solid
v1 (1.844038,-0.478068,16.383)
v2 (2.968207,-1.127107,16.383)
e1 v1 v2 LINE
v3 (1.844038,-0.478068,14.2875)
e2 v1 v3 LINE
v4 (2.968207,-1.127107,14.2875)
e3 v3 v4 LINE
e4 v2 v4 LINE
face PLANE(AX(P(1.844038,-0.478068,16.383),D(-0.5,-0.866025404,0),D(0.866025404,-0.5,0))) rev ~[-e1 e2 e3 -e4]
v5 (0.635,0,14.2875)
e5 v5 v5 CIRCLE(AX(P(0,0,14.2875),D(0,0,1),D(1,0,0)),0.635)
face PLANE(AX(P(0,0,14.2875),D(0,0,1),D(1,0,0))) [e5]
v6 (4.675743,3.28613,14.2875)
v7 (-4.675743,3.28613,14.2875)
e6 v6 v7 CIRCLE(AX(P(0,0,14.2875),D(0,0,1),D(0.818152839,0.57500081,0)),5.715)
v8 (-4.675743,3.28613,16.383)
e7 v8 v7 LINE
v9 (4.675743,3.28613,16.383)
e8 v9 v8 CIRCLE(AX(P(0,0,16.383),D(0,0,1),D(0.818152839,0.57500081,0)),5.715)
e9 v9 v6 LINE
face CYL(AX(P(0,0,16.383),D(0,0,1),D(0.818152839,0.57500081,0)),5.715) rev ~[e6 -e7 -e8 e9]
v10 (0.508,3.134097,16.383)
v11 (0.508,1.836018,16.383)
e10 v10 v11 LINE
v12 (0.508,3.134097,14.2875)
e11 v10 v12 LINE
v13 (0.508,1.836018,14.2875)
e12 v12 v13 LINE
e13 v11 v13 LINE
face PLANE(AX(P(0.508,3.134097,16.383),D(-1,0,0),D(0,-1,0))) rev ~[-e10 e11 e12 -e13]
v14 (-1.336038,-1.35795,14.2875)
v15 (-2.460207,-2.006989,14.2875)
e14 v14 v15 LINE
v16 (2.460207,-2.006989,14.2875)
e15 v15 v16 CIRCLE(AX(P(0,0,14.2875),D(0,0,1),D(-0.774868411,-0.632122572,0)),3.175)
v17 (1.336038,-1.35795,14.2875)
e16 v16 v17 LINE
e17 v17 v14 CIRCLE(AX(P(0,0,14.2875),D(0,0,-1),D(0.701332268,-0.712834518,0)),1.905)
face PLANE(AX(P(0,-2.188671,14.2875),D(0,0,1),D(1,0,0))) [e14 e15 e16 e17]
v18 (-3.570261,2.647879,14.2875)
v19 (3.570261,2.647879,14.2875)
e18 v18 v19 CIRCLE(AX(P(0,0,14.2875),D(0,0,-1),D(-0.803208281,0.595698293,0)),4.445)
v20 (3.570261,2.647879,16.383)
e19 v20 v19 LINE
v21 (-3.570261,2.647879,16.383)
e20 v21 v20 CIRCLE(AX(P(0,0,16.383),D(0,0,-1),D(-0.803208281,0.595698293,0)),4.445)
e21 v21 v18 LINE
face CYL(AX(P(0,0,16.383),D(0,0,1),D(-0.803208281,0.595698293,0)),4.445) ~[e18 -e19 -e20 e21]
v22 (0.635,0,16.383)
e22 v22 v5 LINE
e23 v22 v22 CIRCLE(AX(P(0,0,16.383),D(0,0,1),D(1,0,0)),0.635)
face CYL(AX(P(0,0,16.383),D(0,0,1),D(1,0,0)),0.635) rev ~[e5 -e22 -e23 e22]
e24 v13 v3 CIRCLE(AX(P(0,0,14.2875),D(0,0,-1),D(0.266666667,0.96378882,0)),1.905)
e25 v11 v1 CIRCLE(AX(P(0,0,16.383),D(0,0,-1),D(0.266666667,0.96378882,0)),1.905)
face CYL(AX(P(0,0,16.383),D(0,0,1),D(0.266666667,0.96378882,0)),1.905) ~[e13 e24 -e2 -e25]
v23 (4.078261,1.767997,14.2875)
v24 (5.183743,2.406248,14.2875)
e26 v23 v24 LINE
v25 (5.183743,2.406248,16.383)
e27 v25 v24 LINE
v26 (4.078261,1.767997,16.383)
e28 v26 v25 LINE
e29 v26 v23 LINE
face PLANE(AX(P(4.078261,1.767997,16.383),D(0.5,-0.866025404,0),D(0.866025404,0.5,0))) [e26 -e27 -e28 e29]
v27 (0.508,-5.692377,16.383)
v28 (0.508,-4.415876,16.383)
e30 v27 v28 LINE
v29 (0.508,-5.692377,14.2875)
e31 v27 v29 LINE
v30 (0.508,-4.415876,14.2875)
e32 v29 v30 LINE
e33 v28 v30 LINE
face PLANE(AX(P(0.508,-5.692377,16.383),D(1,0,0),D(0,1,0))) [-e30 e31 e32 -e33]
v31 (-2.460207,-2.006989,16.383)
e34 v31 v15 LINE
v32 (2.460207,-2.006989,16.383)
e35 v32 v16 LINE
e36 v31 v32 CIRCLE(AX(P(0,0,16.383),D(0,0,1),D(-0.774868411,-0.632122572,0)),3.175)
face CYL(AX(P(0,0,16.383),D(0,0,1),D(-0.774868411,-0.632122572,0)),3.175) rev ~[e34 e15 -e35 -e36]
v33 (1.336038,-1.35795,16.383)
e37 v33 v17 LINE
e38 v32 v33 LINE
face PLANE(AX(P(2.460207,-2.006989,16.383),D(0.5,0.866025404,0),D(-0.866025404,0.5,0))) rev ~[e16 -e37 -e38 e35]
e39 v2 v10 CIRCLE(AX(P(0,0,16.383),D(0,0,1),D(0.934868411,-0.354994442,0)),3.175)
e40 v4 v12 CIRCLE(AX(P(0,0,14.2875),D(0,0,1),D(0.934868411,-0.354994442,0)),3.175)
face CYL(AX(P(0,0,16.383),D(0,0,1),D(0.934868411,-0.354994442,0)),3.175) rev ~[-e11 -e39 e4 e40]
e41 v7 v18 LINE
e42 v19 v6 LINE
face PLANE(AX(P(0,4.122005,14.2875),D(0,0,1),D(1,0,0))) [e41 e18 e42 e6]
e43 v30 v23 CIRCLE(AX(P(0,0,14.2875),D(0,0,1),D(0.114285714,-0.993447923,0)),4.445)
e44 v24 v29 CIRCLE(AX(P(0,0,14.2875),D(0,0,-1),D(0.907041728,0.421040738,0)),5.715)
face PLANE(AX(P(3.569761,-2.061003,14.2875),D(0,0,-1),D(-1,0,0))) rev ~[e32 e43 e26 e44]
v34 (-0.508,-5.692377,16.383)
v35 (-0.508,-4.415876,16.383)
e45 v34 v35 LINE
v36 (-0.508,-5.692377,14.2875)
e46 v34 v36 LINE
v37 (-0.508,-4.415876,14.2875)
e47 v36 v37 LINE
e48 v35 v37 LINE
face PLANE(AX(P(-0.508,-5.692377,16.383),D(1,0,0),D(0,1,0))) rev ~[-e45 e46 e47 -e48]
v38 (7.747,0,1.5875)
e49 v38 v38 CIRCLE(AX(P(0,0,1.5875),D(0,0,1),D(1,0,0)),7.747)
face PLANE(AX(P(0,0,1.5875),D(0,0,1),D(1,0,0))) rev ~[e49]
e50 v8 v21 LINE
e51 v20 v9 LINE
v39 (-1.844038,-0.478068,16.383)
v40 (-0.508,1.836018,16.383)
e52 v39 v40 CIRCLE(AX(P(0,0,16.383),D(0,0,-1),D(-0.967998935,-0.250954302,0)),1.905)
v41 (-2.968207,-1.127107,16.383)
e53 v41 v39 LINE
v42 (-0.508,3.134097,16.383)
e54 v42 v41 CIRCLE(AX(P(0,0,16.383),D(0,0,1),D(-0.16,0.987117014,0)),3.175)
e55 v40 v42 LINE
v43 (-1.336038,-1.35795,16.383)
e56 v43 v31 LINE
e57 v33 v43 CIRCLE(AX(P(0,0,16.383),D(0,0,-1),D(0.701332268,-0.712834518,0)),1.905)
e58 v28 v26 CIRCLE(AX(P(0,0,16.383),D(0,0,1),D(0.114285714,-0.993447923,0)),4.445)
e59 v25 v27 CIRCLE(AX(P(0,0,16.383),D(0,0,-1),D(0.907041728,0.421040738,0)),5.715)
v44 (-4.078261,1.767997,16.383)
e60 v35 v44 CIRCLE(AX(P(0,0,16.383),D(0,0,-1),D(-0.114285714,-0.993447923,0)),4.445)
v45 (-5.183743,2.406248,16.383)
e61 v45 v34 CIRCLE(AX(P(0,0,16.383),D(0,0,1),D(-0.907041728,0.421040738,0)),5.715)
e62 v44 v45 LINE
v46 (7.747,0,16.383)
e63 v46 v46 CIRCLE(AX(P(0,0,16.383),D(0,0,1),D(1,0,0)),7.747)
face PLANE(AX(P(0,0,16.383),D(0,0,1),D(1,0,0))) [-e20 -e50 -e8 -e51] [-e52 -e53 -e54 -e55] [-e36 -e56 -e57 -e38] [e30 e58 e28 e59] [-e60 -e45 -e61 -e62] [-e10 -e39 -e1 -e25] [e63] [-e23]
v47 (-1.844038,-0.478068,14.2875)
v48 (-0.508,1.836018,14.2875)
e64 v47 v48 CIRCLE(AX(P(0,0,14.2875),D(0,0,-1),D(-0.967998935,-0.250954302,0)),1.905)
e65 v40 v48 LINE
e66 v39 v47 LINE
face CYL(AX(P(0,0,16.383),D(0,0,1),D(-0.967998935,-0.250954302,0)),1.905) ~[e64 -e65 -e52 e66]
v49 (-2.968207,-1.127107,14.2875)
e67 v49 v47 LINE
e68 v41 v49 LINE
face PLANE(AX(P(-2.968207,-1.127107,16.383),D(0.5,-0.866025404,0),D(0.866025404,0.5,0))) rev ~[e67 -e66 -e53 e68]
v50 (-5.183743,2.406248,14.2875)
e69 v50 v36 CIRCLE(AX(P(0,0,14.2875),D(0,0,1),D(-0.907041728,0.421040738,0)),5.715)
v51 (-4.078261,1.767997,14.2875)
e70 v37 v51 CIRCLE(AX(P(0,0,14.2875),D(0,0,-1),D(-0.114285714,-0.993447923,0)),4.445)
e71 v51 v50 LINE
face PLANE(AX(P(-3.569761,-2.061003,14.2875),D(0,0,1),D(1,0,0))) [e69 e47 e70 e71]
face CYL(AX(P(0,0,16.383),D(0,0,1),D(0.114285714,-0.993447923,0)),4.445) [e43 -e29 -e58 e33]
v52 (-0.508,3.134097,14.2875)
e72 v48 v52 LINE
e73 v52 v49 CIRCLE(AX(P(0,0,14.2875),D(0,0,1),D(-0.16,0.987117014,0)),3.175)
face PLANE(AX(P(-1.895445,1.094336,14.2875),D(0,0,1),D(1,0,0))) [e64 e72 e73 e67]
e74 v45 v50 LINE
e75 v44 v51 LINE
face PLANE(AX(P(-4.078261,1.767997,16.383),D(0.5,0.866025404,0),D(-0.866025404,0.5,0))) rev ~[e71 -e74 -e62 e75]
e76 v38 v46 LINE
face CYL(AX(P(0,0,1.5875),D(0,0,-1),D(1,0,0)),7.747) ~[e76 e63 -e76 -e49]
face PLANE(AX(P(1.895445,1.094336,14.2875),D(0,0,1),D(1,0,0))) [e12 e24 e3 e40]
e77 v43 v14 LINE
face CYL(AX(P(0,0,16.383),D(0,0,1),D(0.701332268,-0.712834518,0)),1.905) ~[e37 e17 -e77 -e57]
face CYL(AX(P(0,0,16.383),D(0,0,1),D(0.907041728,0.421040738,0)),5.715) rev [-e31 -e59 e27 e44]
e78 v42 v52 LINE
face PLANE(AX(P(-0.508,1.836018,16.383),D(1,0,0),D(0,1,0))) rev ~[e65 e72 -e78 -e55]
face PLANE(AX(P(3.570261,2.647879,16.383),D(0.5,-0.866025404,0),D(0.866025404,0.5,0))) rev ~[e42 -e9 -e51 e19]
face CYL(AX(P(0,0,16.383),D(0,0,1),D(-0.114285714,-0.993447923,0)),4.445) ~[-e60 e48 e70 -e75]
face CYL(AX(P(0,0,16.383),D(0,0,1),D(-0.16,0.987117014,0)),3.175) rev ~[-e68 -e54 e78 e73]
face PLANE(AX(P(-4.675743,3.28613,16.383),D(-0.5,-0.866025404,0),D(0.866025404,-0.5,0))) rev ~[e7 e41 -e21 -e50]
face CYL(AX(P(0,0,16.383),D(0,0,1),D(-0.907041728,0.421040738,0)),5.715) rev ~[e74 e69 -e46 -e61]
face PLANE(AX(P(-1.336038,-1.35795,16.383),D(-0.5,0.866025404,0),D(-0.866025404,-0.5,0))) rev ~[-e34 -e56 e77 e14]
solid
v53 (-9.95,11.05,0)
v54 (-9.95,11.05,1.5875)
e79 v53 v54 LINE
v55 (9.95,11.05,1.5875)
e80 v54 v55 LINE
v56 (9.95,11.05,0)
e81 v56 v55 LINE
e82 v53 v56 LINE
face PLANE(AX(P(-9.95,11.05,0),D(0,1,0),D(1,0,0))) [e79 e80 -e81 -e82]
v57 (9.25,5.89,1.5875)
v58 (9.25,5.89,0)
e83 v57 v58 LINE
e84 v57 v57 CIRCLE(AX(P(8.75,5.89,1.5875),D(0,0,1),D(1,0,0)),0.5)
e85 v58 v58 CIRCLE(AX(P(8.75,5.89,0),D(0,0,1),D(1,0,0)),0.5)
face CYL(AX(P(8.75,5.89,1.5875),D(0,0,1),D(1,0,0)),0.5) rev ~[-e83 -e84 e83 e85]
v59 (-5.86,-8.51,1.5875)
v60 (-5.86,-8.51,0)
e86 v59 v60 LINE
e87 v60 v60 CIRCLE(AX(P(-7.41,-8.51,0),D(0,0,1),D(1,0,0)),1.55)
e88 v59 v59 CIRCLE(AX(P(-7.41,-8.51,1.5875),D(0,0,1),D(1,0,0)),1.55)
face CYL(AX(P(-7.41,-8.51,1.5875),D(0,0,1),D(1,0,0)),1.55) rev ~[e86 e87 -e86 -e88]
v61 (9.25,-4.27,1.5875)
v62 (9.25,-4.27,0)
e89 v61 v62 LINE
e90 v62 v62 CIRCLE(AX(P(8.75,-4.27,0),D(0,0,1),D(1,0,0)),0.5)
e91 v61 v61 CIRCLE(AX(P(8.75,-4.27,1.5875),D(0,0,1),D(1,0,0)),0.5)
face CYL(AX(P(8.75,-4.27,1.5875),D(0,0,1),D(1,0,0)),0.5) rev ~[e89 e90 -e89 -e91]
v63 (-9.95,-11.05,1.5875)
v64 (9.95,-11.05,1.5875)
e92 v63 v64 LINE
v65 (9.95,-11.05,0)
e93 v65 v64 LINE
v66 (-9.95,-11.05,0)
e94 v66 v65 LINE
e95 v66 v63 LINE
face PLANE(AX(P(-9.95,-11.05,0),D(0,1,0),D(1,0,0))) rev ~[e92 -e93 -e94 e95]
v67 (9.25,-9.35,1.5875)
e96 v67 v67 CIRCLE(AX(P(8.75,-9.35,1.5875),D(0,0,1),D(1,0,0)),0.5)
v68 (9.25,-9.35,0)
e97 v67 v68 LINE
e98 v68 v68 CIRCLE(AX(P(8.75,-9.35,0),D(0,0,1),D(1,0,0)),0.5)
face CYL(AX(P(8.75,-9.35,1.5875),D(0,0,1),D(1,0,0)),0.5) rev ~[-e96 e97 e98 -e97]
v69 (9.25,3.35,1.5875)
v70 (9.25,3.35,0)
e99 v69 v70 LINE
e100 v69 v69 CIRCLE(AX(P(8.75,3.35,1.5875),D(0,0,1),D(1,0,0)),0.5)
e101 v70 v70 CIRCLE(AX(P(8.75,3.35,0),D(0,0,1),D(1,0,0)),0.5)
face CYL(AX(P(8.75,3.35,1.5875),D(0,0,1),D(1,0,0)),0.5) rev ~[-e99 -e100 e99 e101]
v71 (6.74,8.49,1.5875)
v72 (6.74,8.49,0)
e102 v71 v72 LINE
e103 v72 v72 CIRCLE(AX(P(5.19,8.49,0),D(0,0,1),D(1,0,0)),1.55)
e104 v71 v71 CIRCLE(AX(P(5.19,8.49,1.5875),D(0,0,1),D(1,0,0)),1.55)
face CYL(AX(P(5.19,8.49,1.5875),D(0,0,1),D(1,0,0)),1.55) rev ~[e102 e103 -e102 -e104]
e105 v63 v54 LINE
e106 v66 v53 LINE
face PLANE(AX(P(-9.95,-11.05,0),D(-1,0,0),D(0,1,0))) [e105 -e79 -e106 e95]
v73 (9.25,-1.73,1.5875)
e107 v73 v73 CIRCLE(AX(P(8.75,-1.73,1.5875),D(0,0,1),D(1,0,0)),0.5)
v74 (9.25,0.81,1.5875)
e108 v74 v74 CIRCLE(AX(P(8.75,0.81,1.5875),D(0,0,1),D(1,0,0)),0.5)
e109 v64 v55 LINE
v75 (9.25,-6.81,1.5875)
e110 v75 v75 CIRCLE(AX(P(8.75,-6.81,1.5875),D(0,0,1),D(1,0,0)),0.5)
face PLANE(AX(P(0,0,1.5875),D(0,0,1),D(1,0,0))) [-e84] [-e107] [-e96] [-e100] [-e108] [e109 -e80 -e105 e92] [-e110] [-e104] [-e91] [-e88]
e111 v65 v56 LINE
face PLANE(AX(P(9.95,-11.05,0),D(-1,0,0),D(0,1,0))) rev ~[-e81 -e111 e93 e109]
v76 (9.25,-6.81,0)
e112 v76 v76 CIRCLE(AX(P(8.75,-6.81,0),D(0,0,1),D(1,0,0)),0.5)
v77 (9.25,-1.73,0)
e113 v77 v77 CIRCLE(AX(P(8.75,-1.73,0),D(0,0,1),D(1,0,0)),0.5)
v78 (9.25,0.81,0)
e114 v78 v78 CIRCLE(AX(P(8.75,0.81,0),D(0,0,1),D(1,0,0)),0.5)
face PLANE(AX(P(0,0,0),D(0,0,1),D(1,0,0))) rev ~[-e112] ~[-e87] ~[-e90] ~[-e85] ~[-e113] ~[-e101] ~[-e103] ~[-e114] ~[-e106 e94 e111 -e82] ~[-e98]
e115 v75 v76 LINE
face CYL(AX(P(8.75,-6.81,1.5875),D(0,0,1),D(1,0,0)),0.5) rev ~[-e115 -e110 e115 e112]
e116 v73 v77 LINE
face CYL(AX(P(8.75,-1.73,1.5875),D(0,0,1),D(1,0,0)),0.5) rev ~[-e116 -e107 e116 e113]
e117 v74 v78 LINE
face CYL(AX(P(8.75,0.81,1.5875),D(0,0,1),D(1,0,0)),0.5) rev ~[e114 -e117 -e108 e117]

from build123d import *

# Parameters (mm, degrees)
SKETCH1_W          = 19.9
SKETCH1_H          = 22.1
EXTRUDE1_DEPTH     = 1.5875
SKETCH2_R          = 7.747
EXTRUDE2_DEPTH     = 14.7955
SKETCH3_R          = 0.635
EXTRUDE3_DEPTH     = 2.0955
SKETCH5_R          = 1.55
CUT_EXTRUDE1_DEPTH = 2.5875
SKETCH6_R          = 0.5
CUT_EXTRUDE2_DEPTH = 2.5875


with BuildPart() as part:
    # Sketch1 → Extrude1 (new body)
    with BuildSketch(Plane.XY):
        Rectangle(SKETCH1_W, SKETCH1_H)
    extrude(amount=EXTRUDE1_DEPTH)

    # Sketch5 → Cut-Extrude1 (cut, through all)
    with BuildSketch(Plane.XY.offset(1.5875)):
        with Locations((5.19, 8.49)):
            Circle(SKETCH5_R)
        with Locations((-7.41, -8.51)):
            Circle(SKETCH5_R)
    extrude(amount=-CUT_EXTRUDE1_DEPTH, mode=Mode.SUBTRACT)

    # Sketch6 → Cut-Extrude2 (cut, through all)
    with BuildSketch(Plane.XY.offset(1.5875)):
        with Locations((8.75, 5.89)):
            Circle(SKETCH6_R)
        with Locations((8.75, 3.35)):
            Circle(SKETCH6_R)
        with Locations((8.75, 0.81)):
            Circle(SKETCH6_R)
        with Locations((8.75, -1.73)):
            Circle(SKETCH6_R)
        with Locations((8.75, -4.27)):
            Circle(SKETCH6_R)
        with Locations((8.75, -6.81)):
            Circle(SKETCH6_R)
        with Locations((8.75, -9.35)):
            Circle(SKETCH6_R)
    extrude(amount=-CUT_EXTRUDE2_DEPTH, mode=Mode.SUBTRACT)


with BuildPart() as body_2:
    # Sketch2 → Extrude2 (new body)
    with BuildSketch(Plane.XY.offset(1.5875)):
        Circle(SKETCH2_R)
    extrude(amount=EXTRUDE2_DEPTH)

    # Sketch3 → Extrude3 (cut)
    with BuildSketch(Plane.XY.offset(16.383)):
        with BuildLine():
            Line((3.570260811, 2.647878914), (4.675743477, 3.286129629))
            ThreePointArc((4.675743477, 3.286129629), (0, 5.715), (-4.675743477, 3.286129629))
            Line((-4.675743477, 3.286129629), (-3.570260811, 2.647878914))
            ThreePointArc((-3.570260811, 2.647878914), (0, 4.445), (3.570260811, 2.647878914))
        make_face()
        with BuildLine():
            Line((-4.078260811, 1.767997104), (-5.183743477, 2.406247818))
            ThreePointArc((-5.183743477, 2.406247818), (-4.949335183, -2.8575), (-0.508, -5.692377447))
            Line((-0.508, -5.692377447), (-0.508, -4.415876017))
            ThreePointArc((-0.508, -4.415876017), (-3.84948292, -2.2225), (-4.078260811, 1.767997104))
        make_face()
        with BuildLine():
            Line((-0.508, 1.836017701), (-0.508, 3.134096521))
            ThreePointArc((-0.508, 3.134096521), (-2.749630657, 1.5875), (-2.968207205, -1.127107355))
            Line((-2.968207205, -1.127107355), (-1.844037971, -0.478067946))
            ThreePointArc((-1.844037971, -0.478067946), (-1.649778394, 0.9525), (-0.508, 1.836017701))
        make_face()
        with BuildLine():
            Line((-1.336037971, -1.357949756), (-2.460207205, -2.006989165))
            ThreePointArc((-2.460207205, -2.006989165), (0, -3.175), (2.460207205, -2.006989165))
            Line((2.460207205, -2.006989165), (1.336037971, -1.357949756))
            ThreePointArc((1.336037971, -1.357949756), (0, -1.905), (-1.336037971, -1.357949756))
        make_face()
        Circle(SKETCH3_R)
        with BuildLine():
            Line((1.844037971, -0.478067946), (2.968207205, -1.127107355))
            ThreePointArc((2.968207205, -1.127107355), (2.749630657, 1.5875), (0.508, 3.134096521))
            Line((0.508, 3.134096521), (0.508, 1.836017701))
            ThreePointArc((0.508, 1.836017701), (1.649778394, 0.9525), (1.844037971, -0.478067946))
        make_face()
        with BuildLine():
            ThreePointArc((0.508, -4.415876017), (3.84948292, -2.2225), (4.078260811, 1.767997104))
            Line((4.078260811, 1.767997104), (5.183743477, 2.406247818))
            ThreePointArc((5.183743477, 2.406247818), (4.949335183, -2.8575), (0.508, -5.692377447))
            Line((0.508, -5.692377447), (0.508, -4.415876017))
        make_face()
    extrude(amount=-EXTRUDE3_DEPTH, mode=Mode.SUBTRACT)


solid = Compound([part.part, body_2.part])
